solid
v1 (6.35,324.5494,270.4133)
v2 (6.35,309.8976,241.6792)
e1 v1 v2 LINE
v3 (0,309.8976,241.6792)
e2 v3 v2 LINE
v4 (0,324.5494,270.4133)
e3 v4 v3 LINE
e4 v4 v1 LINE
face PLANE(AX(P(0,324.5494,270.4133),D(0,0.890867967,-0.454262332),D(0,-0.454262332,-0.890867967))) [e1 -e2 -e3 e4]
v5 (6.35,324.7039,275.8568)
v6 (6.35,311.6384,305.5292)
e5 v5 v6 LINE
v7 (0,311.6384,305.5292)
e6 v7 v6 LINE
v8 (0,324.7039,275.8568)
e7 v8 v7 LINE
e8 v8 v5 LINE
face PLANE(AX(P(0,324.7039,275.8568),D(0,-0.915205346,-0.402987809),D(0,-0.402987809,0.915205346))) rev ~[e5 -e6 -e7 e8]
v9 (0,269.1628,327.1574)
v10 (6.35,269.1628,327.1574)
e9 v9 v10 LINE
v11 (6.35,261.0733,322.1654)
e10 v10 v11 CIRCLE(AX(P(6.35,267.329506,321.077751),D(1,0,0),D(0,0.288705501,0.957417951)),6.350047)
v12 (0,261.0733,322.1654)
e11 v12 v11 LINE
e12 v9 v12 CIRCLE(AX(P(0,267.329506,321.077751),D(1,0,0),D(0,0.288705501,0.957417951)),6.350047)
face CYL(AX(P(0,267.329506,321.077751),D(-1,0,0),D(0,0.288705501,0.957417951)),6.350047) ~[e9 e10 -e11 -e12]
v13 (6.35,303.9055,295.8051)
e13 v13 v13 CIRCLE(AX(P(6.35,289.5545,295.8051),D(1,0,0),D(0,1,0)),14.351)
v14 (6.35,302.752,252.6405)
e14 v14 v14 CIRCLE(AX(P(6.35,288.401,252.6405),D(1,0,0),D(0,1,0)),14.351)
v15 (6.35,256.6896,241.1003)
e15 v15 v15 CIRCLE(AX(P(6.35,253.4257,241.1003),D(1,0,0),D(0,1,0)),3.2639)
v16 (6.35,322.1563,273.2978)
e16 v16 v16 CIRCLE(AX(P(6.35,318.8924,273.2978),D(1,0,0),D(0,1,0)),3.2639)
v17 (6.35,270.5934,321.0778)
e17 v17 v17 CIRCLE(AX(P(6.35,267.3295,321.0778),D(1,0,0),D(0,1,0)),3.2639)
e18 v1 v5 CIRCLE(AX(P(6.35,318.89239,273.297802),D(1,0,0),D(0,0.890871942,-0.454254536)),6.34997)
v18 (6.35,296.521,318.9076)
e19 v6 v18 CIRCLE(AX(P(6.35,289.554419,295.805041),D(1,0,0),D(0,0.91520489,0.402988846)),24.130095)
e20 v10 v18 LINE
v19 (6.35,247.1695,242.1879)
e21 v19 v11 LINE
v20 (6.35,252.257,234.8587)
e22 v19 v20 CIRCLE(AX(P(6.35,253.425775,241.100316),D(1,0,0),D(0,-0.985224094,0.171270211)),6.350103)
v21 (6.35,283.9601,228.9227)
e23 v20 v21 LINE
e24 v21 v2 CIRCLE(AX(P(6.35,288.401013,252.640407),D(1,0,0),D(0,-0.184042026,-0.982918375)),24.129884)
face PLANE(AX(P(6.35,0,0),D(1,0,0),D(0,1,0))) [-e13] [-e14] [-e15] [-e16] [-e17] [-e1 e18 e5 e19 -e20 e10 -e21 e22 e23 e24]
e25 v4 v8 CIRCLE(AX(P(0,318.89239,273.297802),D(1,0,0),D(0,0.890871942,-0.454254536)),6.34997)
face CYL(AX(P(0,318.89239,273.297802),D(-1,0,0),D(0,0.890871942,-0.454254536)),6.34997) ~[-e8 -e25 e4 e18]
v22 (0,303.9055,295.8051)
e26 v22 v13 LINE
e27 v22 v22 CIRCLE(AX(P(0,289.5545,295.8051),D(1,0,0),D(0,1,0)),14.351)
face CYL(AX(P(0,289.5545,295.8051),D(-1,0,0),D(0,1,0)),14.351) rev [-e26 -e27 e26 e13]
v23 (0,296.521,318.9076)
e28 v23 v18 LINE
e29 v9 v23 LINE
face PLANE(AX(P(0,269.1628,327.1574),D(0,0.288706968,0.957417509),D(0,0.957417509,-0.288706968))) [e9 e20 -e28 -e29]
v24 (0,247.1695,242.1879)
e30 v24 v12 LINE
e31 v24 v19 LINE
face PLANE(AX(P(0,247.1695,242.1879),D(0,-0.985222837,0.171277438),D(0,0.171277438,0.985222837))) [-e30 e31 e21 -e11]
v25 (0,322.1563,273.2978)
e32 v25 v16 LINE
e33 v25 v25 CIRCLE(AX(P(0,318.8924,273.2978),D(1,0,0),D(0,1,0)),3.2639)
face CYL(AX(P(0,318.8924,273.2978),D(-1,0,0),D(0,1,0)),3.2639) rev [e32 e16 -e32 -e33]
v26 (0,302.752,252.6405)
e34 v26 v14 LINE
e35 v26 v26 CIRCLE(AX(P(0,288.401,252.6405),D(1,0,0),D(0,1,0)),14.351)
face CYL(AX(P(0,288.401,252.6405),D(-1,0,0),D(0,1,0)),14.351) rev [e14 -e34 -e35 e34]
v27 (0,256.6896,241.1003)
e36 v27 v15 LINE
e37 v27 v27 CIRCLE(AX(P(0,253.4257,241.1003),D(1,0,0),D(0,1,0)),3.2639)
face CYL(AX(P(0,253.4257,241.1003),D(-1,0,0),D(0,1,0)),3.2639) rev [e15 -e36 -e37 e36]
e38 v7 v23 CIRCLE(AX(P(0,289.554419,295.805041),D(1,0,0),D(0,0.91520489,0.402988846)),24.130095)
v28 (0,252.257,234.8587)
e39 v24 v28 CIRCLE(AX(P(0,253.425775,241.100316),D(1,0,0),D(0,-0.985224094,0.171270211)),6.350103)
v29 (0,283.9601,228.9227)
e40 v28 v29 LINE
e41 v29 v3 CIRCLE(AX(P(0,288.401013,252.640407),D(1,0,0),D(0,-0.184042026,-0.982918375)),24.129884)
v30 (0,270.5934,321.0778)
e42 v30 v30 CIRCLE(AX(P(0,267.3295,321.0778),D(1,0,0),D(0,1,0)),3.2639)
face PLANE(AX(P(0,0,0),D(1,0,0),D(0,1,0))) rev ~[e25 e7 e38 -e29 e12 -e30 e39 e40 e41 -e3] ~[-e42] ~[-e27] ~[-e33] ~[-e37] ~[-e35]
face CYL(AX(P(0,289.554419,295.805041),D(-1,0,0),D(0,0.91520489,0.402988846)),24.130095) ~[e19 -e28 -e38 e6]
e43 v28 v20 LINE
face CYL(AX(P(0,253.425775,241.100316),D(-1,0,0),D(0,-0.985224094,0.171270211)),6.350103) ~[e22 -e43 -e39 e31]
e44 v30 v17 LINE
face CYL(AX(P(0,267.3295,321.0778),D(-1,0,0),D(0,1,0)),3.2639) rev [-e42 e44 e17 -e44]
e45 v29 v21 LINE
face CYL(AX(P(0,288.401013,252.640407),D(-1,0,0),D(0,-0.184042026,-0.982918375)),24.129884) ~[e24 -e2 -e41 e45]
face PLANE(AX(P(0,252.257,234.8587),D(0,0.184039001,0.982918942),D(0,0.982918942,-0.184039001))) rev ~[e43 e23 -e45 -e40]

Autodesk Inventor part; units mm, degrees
ref_plane "YZ Plane" through (0, 0, 0) normal (1, 0, 0) x (0, 1, 0)
ref_plane "XZ Plane" through (0, 0, 0) normal (0, 1, 0) x (-1, 0, 0)
ref_plane "XY Plane" through (0, 0, 0) normal (0, 0, 1) x (1, 0, 0)
sketch "Sketch1" plane through (0, 0, 0) normal (1, 0, 0) x (0, 1, 0)
  line L0 (95.25, 812.8) -> (44.45, 812.8) construction
  line L1 (44.45, 812.8) -> (44.45, 0) construction
  line L2 (44.45, 0) -> (95.25, 0) construction
  line L3 (95.25, 0) -> (95.25, 812.8) construction
  line L4 (95.25, 0) -> (44.45, 0) construction
  line L5 (44.45, 25.4) -> (95.25, 25.4) construction
  circle A0 centre (190.5, 0) radius 50.8 construction
  circle A1 centre (95.25, 279.4) radius 25.4 construction
  circle A2 centre (274.9493, 279.9916) radius 9.525 construction
  circle A3 centre (274.9493, 279.9916) radius 25.4 construction
  circle A4 centre (274.9493, 279.9916) radius 31.75 construction
  circle A5 centre (609.6, 438.15) radius 50.8 construction
  circle A6 centre (274.9493, 279.9916) radius 30.48 construction
  circle A7 centre (587.8333, 365.125) radius 25.4 construction
  circle A8 centre (587.8333, 511.175) radius 25.4 construction
  line L6 (587.8333, 485.775) -> (587.8333, 390.525) construction
  circle A9 centre (490.3356, 512.7625) radius 14.351 construction
  circle A10 centre (392.825, 512.7625) radius 14.351 construction
  circle A11 centre (490.3356, 363.5375) radius 14.351 construction
  line L7 (587.8333, 511.175) -> (490.3356, 512.7625) construction
  line L8 (587.8333, 365.125) -> (490.3356, 363.5375) construction
  circle A12 centre (490.3356, 512.7625) radius 25.4 construction
  circle A13 centre (490.3356, 363.5375) radius 25.4 construction
  line L9 (490.3356, 487.3625) -> (490.3356, 388.9375) construction
  circle A14 centre (392.825, 512.7625) radius 25.4 construction
  circle A15 centre (392.825, 363.5375) radius 25.4 construction
  circle A16 centre (392.825, 363.5375) radius 14.351 construction
  line L10 (490.3356, 512.7625) -> (392.825, 512.7625) construction
  line L11 (490.3356, 363.5375) -> (392.825, 363.5375) construction
  line L12 (392.825, 487.3625) -> (392.825, 388.9375) construction
  circle A17 centre (295.3189, 511.8309) radius 25.4 construction
  circle A18 centre (295.3189, 362.6059) radius 25.4 construction
  circle A19 centre (203.1597, 479.9719) radius 25.4 construction
  circle A20 centre (295.3189, 511.8309) radius 14.351 construction
  circle A21 centre (295.3189, 362.6059) radius 14.351 construction
  circle A22 centre (203.1597, 479.9719) radius 14.351 construction
  line L13 (392.825, 512.7625) -> (295.3189, 511.8309) construction
  line L14 (392.825, 363.5375) -> (295.3189, 362.6059) construction
  line L15 (295.3189, 486.4309) -> (295.3189, 388.0059) construction
  line L16 (295.3189, 511.8309) -> (203.1597, 479.9719) construction
  circle A23 centre (123.1487, 424.2353) radius 25.4 construction
  circle A24 centre (123.1487, 424.2353) radius 14.351 construction
  line L17 (203.1597, 479.9719) -> (123.1487, 424.2353) construction
  circle A25 centre (95.25, 279.4) radius 14.351 construction
  line L18 (609.6, 355.6) -> (44.45, 355.6) construction
  line L19 (44.45, 355.6) -> (44.45, 330.2) construction
  line L20 (44.45, 330.2) -> (609.6, 330.2) construction
  line L21 (609.6, 330.2) -> (609.6, 355.6) construction
  line L22 (95.25, 241.3) -> (44.45, 241.3) construction
  line L23 (44.45, 241.3) -> (44.45, 215.9) construction
  line L24 (44.45, 215.9) -> (95.25, 215.9) construction
  line L25 (95.25, 215.9) -> (95.25, 241.3) construction
  circle A26 centre (244.475, 279.4) radius 25.4 construction
  circle A27 centre (244.475, 279.4) radius 14.351 construction
  line L26 (218.8463, 459.9947) -> (279.6322, 382.5831) construction
  circle A28 centre (274.9493, 279.9916) radius 8.89 construction
  circle A29 centre (288.401, 252.6405) radius 21.59 construction
  circle A30 centre (244.475, 279.4) radius 21.59 construction
  circle A31 centre (288.401, 252.6405) radius 14.351
  circle A32 centre (587.8333, 511.175) radius 14.351 construction
  circle A33 centre (587.8333, 365.125) radius 14.351 construction
  line L27 (95.25, 647.7) -> (609.6, 647.7) construction
  line L28 (609.6, 647.7) -> (609.6, 622.3) construction
  line L29 (609.6, 622.3) -> (95.25, 622.3) construction
  line L30 (95.25, 622.3) -> (95.25, 647.7) construction
  circle A34 centre (600.5333, 552.45) radius 3.2639 construction
  circle A35 centre (600.5333, 552.45) radius 6.35 construction
  circle A36 centre (600.5333, 336.55) radius 3.2639 construction
  circle A37 centre (600.5333, 336.55) radius 6.35 construction
  circle A38 centre (114.3, 552.45) radius 3.2639 construction
  circle A39 centre (114.3, 552.45) radius 6.35 construction
  line L31 (595.3031, 535.4518) -> (598.6659, 546.3808) construction
  circle A40 centre (63.5, 264.8503) radius 3.2639 construction
  circle A41 centre (63.5, 264.8503) radius 6.35 construction
  line L32 (337.9424, 330.2) -> (600.5333, 330.2) construction
  circle A42 centre (288.401, 252.6405) radius 24.13 construction
  circle A43 centre (244.475, 279.4) radius 24.13 construction
  line L33 (72.1591, 268.8184) -> (69.2727, 267.4957) construction
  line L34 (609.6, 342.9) -> (44.45, 342.9) construction
  line L35 (265.0822, 266.8462) -> (267.7937, 265.1944) construction
  circle A44 centre (318.8924, 273.2978) radius 3.2639
  circle A45 centre (253.4257, 241.1003) radius 3.2639
  line L36 (95.25, 558.8) -> (44.45, 558.8) construction
  line L37 (44.45, 558.8) -> (44.45, 533.4) construction
  line L38 (44.45, 533.4) -> (95.25, 533.4) construction
  line L39 (95.25, 533.4) -> (95.25, 558.8) construction
  line L40 (114.3, 558.8) -> (600.5333, 558.8) construction
  line L41 (108.0468, 553.5545) -> (57.2468, 265.9549) construction
  line L42 (285.1949, 228.7245) -> (62.6563, 258.5566) construction
  circle A46 centre (318.8924, 273.2978) radius 6.35 construction
  circle A47 centre (253.4257, 241.1003) radius 6.35 construction
  arc A48 (114.3, 558.8) -> (108.0468, 553.5545) centre (114.3, 552.45) ccw construction
  arc A49 (57.2468, 265.9549) -> (62.6563, 258.5566) centre (63.5, 264.8503) ccw construction
  line L43 (312.6148, 274.2541) -> (306.3372, 275.2103) construction
  line L44 (313.6352, 269.7362) -> (308.3781, 266.1746) construction
  line L45 (259.4559, 243.09) -> (265.4861, 245.0797) construction
  line L46 (256.5005, 246.6562) -> (259.5753, 252.2121) construction
  line L47 (325.2424, 317.5) -> (325.2424, 273.2978) construction
  arc A50 (337.9424, 330.2) -> (325.2424, 317.5) centre (337.9424, 317.5) ccw construction
  line L48 (324.5494, 270.4133) -> (309.8976, 241.6792) construction
  arc A51 (324.5494, 270.4133) -> (325.2424, 273.2978) centre (318.8924, 273.2978) ccw construction
  arc A52 (285.1949, 228.7245) -> (309.8976, 241.6792) centre (288.401, 252.6405) ccw construction
  circle A53 centre (431.8, 342.9) radius 3.2639 construction
  circle A54 centre (457.2, 342.9) radius 3.2639 construction
  circle A55 centre (520.7, 342.9) radius 3.2639 construction
  circle A56 centre (546.1, 342.9) radius 3.2639 construction
  line L49 (606.8833, 552.45) -> (606.8833, 336.55) construction
  arc A57 (606.8833, 552.45) -> (600.5333, 558.8) centre (600.5333, 552.45) ccw construction
  arc A58 (600.5333, 330.2) -> (606.8833, 336.55) centre (600.5333, 336.55) ccw construction
  circle A59 centre (184.15, 304.8) radius 3.2639 construction
  circle A60 centre (158.75, 304.8) radius 3.2639 construction
  circle A61 centre (133.35, 304.8) radius 3.2639 construction
  circle A62 centre (133.35, 279.4) radius 3.2639 construction
  circle A63 centre (158.75, 279.4) radius 3.2639 construction
  circle A64 centre (184.15, 279.4) radius 3.2639 construction
  circle A65 centre (289.5545, 295.8051) radius 21.59 construction
  line L50 (313.8542, 277.163) -> (306.6842, 282.6636) construction
  circle A66 centre (289.5545, 295.8051) radius 14.351
  circle A67 centre (267.3295, 321.0778) radius 3.2639
  circle A68 centre (267.3295, 321.0778) radius 6.35 construction
  circle A69 centre (289.5545, 295.8051) radius 24.13 construction
  line L51 (271.5229, 316.3094) -> (273.6196, 313.9252) construction
  line L52 (252.257, 234.8587) -> (283.9601, 228.9227)
  line L53 (324.5494, 270.4133) -> (309.8976, 241.6792)
  arc A70 (283.9601, 228.9227) -> (309.8976, 241.6792) centre (288.401, 252.6405) ccw
  line L54 (247.1695, 242.1879) -> (261.0733, 322.1654)
  line L55 (269.1628, 327.1574) -> (296.521, 318.9076)
  line L56 (324.7039, 275.8568) -> (311.6384, 305.5292)
  arc A71 (311.6384, 305.5292) -> (296.521, 318.9076) centre (289.5545, 295.8051) ccw
  arc A72 (324.5494, 270.4133) -> (324.7039, 275.8568) centre (318.8924, 273.2978) ccw
  arc A73 (269.1628, 327.1574) -> (261.0733, 322.1654) centre (267.3295, 321.0778) ccw
  arc A74 (247.1695, 242.1879) -> (252.257, 234.8587) centre (253.4257, 241.1003) ccw
  point P0 (0, 0)
  point P1 (241.139, 234.6303)
  point P2 (100.4185, 253.4945)
  dimension "d9" = 50.8
  dimension "d38" = 50.8
  dimension "d53" = 50.8
  dimension "d178" = 43.18
  dimension "d1" = 812.8
  dimension "d2" = 44.45
  dimension "d4" = 25.4
  dimension "d5" = 101.6
  dimension "d6" = 95.25
  dimension "d8" = 50.8
  dimension "d14" = 50.8
  dimension "d15" = 63.5
  dimension "d21" = 19.05
  dimension "d29" = 438.15
  dimension "d30" = 514.35
  dimension "d36" = 60.96
  dimension "d39" = 50.8
  dimension "d41" = 95.25
  dimension "d45" = 28.702
  dimension "d47" = 97.5106
  dimension "d48" = 98.425
  dimension "d56" = 25.4
  dimension "d73" = 50.8
  dimension "d74" = 25.4
  dimension "d75" = 215.9
  dimension "d78" = 279.4
  dimension "d80" = 149.225
  dimension "d81" = 97.5106
  dimension "d82" = 147.4978
  dimension "d83" = 17.78
  dimension "d85" = 43.18
  dimension "d92" = 330.2
  dimension "d100" = 514.35
  dimension "d107" = 25.4
  dimension "d108" = 514.35
  dimension "d109" = 266.7
  dimension "d115" = 6.5278
  dimension "d116" = 12.7
  dimension "d122" = 2.54
  dimension "d123" = 2.54
  dimension "d128" = 3.175
  dimension "d134" = 3.175
  dimension "d135" = 194.9958
  dimension "d136" = 6.5278
  dimension "d137" = 25.4
  dimension "d138" = 533.4
  dimension "d139" = 19.05
  dimension "d140" = 19.05
  dimension "d141" = 12.7
  dimension "d142" = 6.35
  dimension "d143" = 12.7
  dimension "d144" = 43.18
  dimension "d149" = 25.4
  dimension "d151" = 6.5278
  dimension "d157" = 25.4
  dimension "d158" = 63.5
  dimension "d159" = 12.7
  dimension "d161" = 11.4347
  dimension "d163" = 44.45
  dimension "d164" = 38.1
  dimension "d166" = 336.55
  dimension "d167" = 25.4
  dimension "d168" = 6.5278
  dimension "d169" = 25.4
  dimension "d170" = 25.4
  dimension "d173" = 25.4
  dimension "d174" = 38.1
  dimension "d175" = 25.4
extrude "Extrusion2" add sketch "Sketch1" along normal blind 6.35
properties part number "INDX_012_OuterPlate" material "Polycarbonate, Clear"
